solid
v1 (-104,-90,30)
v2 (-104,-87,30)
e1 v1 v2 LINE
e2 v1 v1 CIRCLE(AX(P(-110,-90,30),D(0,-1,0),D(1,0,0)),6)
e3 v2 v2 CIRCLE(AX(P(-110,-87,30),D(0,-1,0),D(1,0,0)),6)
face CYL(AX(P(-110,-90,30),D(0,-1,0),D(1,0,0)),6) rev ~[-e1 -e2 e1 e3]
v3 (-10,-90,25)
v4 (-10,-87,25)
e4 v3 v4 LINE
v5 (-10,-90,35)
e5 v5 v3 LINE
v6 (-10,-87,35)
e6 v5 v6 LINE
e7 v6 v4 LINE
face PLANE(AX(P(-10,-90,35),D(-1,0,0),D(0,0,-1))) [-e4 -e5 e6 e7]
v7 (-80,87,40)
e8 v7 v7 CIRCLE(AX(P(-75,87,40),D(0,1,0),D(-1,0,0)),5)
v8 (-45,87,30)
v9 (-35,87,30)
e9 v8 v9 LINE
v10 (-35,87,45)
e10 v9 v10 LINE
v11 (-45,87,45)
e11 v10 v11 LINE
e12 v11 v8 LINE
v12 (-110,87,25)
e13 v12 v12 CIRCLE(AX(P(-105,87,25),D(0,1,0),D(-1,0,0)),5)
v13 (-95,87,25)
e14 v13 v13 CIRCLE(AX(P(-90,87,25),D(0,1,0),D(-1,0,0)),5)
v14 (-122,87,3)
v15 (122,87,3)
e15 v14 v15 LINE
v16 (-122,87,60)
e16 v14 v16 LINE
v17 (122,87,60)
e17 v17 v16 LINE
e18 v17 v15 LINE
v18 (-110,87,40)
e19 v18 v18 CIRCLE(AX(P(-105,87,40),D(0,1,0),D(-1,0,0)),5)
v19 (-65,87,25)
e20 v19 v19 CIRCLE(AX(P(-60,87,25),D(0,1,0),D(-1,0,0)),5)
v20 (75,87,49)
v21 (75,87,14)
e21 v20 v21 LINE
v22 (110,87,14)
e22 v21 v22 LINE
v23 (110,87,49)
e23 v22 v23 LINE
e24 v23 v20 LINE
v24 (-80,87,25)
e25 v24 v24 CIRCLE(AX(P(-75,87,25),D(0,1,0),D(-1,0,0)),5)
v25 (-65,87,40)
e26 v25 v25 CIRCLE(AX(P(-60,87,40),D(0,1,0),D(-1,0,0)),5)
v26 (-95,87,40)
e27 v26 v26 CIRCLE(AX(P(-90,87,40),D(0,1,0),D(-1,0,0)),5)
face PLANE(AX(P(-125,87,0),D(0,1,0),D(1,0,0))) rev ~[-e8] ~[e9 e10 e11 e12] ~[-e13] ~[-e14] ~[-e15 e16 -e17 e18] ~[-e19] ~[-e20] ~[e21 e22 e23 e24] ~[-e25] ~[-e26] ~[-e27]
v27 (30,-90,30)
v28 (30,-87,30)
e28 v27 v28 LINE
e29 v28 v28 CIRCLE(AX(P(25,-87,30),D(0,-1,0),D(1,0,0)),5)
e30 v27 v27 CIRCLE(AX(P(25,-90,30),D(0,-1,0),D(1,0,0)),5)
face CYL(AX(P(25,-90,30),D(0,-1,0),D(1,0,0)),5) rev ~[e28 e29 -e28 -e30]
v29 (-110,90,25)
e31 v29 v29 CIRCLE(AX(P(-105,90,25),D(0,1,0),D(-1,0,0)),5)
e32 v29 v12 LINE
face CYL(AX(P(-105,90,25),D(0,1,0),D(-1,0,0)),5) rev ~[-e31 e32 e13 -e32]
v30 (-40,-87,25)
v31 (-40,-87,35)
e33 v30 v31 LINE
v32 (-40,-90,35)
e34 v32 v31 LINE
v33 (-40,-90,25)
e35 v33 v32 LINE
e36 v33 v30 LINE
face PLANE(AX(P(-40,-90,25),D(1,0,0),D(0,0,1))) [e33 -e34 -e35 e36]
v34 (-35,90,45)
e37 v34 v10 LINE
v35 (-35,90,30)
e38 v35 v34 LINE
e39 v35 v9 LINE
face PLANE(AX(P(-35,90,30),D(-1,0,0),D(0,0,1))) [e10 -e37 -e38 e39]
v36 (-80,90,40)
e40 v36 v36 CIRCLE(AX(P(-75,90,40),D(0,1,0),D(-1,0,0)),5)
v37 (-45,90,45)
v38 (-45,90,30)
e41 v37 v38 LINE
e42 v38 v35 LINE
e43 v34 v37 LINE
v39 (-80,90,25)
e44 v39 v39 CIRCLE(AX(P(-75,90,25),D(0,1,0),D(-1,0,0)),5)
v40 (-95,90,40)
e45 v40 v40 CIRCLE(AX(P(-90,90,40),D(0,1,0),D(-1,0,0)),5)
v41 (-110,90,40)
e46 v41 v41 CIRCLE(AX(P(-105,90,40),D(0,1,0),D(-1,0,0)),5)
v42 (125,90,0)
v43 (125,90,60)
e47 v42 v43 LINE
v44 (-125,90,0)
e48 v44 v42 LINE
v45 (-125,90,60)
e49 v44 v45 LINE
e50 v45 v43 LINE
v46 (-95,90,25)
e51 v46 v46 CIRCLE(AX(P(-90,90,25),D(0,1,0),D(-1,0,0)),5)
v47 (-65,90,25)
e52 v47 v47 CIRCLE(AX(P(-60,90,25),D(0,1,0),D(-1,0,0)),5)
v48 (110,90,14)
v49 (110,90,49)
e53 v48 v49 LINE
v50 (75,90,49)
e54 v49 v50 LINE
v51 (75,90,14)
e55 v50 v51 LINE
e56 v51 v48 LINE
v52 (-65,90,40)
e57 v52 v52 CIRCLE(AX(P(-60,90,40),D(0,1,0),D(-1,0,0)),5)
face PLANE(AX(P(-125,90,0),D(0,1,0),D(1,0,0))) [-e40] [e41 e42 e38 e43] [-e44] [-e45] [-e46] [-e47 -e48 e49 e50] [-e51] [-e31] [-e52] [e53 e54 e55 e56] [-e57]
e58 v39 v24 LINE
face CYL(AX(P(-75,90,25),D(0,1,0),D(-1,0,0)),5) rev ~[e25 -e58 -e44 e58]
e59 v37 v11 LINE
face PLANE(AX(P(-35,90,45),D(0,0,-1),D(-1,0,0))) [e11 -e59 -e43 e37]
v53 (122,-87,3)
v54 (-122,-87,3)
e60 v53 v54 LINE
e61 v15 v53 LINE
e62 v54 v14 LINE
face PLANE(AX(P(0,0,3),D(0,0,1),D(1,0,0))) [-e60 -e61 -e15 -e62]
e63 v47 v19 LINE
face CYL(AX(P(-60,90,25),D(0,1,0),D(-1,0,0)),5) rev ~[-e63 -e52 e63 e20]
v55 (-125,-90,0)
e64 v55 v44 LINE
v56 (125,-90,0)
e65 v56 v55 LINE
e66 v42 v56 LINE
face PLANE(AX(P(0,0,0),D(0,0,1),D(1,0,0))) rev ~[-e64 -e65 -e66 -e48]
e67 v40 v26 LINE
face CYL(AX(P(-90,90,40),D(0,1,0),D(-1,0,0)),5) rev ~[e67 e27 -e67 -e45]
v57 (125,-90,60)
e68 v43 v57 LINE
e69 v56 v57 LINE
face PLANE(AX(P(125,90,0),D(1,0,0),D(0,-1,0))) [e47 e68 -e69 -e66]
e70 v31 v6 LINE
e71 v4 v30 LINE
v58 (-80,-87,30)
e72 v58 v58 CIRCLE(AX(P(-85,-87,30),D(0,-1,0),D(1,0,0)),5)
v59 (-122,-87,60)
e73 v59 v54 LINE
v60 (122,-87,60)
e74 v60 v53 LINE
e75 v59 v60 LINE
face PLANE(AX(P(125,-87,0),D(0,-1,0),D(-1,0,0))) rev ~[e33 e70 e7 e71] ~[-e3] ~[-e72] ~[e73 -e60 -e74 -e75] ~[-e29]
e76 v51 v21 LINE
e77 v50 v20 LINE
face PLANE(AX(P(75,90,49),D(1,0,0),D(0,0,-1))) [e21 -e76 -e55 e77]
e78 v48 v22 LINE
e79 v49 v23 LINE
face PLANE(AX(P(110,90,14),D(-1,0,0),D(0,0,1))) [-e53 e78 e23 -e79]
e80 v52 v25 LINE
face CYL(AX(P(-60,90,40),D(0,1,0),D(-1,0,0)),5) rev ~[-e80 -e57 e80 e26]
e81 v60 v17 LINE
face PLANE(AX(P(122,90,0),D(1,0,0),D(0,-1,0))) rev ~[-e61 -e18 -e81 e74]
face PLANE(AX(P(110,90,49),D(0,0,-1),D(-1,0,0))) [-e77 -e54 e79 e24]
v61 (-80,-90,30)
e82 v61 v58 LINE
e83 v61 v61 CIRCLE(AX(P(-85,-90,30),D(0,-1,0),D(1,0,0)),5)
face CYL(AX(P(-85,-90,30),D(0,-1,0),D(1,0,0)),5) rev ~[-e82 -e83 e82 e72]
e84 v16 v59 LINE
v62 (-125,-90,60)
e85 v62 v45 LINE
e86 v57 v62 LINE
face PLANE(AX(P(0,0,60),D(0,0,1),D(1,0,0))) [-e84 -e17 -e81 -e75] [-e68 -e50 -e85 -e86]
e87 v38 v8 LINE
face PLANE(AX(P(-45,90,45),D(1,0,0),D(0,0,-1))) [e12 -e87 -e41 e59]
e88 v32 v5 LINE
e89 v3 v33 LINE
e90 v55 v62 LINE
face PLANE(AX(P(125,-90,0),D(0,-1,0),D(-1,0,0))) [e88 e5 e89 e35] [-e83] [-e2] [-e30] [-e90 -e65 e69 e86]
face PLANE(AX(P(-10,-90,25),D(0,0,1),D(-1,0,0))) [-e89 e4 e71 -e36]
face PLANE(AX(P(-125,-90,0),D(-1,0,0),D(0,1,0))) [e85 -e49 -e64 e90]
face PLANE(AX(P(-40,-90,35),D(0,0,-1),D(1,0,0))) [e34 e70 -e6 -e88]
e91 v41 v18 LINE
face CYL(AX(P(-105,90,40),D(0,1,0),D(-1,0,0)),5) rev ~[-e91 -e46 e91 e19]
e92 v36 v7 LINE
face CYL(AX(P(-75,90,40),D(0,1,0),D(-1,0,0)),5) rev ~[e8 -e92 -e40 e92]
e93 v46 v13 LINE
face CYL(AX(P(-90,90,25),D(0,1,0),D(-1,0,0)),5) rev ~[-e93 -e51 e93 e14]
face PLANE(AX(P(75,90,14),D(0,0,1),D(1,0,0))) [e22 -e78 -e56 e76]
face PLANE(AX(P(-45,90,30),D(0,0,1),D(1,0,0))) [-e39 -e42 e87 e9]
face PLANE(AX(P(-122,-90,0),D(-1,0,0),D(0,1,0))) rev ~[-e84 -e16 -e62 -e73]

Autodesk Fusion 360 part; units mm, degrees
sketch "Sketch1" plane through (0, 0, 0) normal (0, 0, 1) x (1, 0, 0)
  line L0 (-125, 90) -> (125, 90)
  line L1 (125, 90) -> (125, -90)
  line L2 (125, -90) -> (-125, -90)
  line L3 (-125, -90) -> (-125, 90)
  dimension "d1" = 250
  dimension "d2" = 180
  dimension "d3" = 90
  dimension "d4" = 125
extrude "Extrude1" add sketch "Sketch1" along normal blind 60
shell "Shell1" thickness 3 removed faces 1 at (-41.6667, 30, 60)
sketch "Sketch2" plane through (0, -90, 0) normal (0, -1, 0) x (1, 0, 0)
  line L0 (-125, 0) -> (125, 0)
  line L1 (125, 0) -> (125, 60)
  line L2 (125, 60) -> (-125, 60)
  line L3 (-125, 60) -> (-125, 0)
  circle A0 centre (-85, 30) radius 5
  circle A1 centre (25, 30) radius 5
  line L4 (-40, 35) -> (-10, 35)
  line L5 (-10, 35) -> (-10, 25)
  line L6 (-10, 25) -> (-40, 25)
  line L7 (-40, 25) -> (-40, 35)
  circle A2 centre (-110, 30) radius 6
  dimension "d8" = 10
  dimension "d9" = 10
  dimension "d10" = 12
extrude "Extrude2" cut sketch "Sketch2" against normal blind 10 contours A0 | A1 | L4 L5 L6 L7 | A2
sketch "Sketch3" plane through (0, 90, 0) normal (0, 1, 0) x (-1, 0, 0)
  line L0 (-125, 0) -> (125, 0)
  line L1 (125, 0) -> (125, 60)
  line L2 (125, 60) -> (-125, 60)
  line L3 (-125, 60) -> (-125, 0)
  circle A0 centre (105, 40) radius 5
  circle A1 centre (105, 25) radius 5
  circle A2 centre (90, 25) radius 5
  circle A3 centre (90, 40) radius 5
  circle A4 centre (105, 25) radius 5
  circle A5 centre (60, 25) radius 5
  circle A6 centre (75, 25) radius 5
  circle A7 centre (75, 25) radius 5
  circle A8 centre (75, 40) radius 5
  circle A9 centre (60, 40) radius 5
  line L4 (35, 45) -> (45, 45)
  line L5 (45, 45) -> (45, 30)
  line L6 (45, 30) -> (35, 30)
  line L7 (35, 30) -> (35, 45)
  line L8 (-110, 49) -> (-75, 49)
  line L9 (-75, 49) -> (-75, 14)
  line L10 (-75, 14) -> (-110, 14)
  line L11 (-110, 14) -> (-110, 49)
  dimension "d13" = 10
  dimension "d14" = 10
  dimension "d15" = 10
  dimension "d16" = 10
  dimension "d17" = 10
  dimension "d18" = 10
  dimension "d19" = 10
  dimension "d20" = 10
  dimension "d21" = 10
  dimension "d22" = 10
extrude "Extrude3" cut sketch "Sketch3" against normal blind 10 contours A0 | A1 A4 | A2 | A3 | A5 | A6 A7 | A8 | A9 | L4 L5 L6 L7 | L8 L9 L10 L11
